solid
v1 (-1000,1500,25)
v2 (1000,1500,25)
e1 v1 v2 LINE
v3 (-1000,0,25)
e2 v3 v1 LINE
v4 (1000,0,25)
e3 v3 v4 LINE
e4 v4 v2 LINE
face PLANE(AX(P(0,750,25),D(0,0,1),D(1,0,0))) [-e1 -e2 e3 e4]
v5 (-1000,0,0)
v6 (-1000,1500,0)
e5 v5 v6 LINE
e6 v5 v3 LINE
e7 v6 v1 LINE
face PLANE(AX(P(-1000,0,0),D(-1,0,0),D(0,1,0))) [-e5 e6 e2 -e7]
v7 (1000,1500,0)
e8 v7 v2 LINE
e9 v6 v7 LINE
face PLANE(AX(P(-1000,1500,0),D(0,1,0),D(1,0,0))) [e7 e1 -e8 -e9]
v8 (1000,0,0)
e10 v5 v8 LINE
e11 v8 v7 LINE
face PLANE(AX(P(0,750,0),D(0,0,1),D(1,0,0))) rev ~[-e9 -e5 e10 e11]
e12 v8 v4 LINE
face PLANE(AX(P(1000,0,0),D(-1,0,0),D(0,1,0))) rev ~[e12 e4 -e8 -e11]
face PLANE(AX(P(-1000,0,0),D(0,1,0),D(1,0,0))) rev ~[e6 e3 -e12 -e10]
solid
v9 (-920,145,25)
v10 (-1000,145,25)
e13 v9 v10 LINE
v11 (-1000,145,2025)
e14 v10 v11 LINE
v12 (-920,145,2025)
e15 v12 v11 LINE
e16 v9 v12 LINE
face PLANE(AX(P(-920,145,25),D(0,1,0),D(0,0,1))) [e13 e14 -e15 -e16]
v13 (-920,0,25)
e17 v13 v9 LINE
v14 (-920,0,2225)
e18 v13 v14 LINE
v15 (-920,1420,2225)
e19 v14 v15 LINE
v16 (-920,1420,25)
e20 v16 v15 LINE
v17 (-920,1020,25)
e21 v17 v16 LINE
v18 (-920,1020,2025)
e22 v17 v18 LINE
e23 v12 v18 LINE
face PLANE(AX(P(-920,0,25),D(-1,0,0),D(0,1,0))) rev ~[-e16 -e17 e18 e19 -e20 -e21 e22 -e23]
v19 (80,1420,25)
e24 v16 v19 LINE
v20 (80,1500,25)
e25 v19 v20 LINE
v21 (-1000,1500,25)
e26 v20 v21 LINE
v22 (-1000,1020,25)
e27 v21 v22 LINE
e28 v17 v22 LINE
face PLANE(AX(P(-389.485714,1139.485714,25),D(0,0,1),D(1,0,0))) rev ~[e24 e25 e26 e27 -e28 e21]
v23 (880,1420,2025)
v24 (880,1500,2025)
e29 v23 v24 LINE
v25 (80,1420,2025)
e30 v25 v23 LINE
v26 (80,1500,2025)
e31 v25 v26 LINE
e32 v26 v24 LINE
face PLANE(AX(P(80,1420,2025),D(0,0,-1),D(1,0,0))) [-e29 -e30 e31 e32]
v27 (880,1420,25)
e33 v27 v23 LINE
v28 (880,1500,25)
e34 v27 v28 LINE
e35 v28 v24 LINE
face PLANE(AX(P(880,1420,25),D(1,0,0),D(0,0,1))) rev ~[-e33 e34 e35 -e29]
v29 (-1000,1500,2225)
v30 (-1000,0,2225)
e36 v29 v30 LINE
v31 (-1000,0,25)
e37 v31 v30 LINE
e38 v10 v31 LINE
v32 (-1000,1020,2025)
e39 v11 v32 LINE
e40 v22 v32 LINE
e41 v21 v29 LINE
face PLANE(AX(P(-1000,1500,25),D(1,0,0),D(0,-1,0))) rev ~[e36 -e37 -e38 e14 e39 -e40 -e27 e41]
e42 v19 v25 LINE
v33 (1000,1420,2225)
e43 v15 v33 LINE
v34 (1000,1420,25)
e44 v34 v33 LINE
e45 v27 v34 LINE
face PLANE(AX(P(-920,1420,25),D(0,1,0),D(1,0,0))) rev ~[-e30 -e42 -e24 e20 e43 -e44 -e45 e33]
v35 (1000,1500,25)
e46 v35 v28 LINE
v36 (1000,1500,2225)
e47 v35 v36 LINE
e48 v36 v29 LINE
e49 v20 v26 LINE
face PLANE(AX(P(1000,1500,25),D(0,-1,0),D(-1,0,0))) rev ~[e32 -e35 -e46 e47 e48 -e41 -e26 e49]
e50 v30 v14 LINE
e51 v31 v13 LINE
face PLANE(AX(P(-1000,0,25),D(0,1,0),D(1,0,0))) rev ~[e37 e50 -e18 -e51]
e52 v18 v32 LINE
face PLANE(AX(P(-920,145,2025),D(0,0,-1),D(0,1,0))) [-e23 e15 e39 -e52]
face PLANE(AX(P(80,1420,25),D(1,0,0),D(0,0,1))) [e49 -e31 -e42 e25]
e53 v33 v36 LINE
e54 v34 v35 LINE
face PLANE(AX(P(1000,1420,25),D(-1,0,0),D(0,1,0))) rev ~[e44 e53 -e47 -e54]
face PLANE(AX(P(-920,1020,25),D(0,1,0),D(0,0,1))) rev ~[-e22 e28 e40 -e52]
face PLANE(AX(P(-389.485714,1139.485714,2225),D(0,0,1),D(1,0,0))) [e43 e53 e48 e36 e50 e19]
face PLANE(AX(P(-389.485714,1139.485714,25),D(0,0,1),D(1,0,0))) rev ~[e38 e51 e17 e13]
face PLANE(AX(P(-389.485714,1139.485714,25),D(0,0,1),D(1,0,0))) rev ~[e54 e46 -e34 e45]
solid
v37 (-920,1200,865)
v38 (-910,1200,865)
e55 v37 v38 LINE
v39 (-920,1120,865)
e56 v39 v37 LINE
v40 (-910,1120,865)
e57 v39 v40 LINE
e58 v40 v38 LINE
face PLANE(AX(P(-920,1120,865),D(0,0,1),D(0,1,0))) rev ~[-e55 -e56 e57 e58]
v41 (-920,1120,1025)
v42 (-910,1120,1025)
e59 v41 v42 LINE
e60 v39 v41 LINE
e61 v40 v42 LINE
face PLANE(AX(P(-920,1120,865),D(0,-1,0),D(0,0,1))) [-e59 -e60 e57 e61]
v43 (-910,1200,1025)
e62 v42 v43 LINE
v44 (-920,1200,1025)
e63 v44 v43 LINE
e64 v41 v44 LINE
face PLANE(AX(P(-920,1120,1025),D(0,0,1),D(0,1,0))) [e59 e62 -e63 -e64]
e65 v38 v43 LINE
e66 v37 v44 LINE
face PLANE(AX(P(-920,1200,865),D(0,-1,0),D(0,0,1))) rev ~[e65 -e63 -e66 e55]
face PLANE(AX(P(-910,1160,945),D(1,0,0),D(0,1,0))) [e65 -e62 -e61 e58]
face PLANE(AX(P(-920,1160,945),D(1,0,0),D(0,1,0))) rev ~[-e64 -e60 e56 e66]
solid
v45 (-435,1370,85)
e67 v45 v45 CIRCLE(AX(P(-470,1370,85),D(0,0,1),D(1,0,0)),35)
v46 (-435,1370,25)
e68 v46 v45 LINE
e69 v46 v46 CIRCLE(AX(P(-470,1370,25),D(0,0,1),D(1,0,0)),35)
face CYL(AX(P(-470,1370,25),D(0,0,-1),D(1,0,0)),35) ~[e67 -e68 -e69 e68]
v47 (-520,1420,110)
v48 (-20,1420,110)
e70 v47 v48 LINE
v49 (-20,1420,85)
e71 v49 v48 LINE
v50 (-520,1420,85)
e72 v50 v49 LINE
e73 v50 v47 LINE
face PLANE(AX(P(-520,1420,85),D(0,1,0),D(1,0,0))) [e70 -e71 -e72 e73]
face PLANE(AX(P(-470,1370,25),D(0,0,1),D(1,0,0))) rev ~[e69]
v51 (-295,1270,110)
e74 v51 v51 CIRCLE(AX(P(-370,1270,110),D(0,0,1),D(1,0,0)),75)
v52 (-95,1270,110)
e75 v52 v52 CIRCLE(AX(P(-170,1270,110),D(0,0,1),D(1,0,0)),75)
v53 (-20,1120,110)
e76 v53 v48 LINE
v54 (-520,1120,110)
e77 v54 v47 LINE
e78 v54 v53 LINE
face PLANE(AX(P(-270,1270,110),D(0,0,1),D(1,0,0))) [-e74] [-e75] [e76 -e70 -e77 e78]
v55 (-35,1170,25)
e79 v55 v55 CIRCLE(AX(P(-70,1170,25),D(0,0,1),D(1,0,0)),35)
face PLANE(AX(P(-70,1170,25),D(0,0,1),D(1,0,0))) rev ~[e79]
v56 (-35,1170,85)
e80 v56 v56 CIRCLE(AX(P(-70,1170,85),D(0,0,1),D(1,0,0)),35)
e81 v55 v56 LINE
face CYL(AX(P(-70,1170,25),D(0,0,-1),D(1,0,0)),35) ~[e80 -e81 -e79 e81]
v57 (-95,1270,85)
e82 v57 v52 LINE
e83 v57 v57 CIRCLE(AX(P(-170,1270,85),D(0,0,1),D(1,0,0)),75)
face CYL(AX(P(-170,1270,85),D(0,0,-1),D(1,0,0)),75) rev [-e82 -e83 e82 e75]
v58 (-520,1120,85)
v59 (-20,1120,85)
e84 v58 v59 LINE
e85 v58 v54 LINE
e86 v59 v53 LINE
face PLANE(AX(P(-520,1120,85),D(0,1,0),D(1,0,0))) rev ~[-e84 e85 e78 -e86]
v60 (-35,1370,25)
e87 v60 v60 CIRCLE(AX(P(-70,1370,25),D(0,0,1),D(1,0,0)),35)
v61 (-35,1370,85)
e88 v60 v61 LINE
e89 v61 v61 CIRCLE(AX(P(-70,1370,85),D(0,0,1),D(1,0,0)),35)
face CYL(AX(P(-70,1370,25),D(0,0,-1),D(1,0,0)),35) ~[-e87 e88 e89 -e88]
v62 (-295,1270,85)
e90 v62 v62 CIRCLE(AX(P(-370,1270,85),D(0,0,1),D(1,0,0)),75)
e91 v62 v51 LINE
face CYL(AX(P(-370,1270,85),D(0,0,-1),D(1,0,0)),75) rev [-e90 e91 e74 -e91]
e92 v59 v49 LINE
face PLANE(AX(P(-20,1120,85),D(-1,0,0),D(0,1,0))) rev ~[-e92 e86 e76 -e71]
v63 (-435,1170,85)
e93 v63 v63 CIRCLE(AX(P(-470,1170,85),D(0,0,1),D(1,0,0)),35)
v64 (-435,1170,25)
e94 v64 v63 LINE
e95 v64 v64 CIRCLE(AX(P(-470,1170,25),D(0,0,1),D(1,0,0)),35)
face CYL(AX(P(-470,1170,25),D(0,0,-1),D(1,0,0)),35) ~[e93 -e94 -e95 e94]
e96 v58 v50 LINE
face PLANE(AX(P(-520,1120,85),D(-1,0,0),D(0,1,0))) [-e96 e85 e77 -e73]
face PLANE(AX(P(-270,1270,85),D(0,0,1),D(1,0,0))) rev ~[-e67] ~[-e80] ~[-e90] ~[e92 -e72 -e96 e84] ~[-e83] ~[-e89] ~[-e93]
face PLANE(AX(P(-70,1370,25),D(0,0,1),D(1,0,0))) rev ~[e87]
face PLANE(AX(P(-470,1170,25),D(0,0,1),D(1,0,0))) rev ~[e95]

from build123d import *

# Parameters (mm, degrees)
F0_W      = 2000
F0_H      = 1500
F1_DEPTH  = 25
F3_DEPTH  = 2200
F4_W      = 875
F4_H      = 2000
F5_DEPTH  = 80.001
F6_W      = 800
F6_H      = 2000
F7_DEPTH  = 80.001
F8_R      = 35
F9_DEPTH  = 60
F10_W     = 500
F10_H     = 300
F10_R     = 75
F11_DEPTH = 25
F12_W     = 80
F12_H     = 160
F13_DEPTH = 10


with BuildPart() as f1:
    # F0 (on Top) → F1 (new body)
    with BuildSketch(Plane.XY):
        with Locations((0, 750)):
            Rectangle(F0_W, F0_H)
    extrude(amount=F1_DEPTH)


with BuildPart() as f3:
    # F2 (on face) → F3 (new body)
    with BuildSketch(Plane.XY.offset(25)):
        Polygon((-1000, 1500), (-1000, 0), (-920, 0), (-920, 1420), (1000, 1420), (1000, 1500), align=None)
    extrude(amount=F3_DEPTH)

    # F4 (on face) → F5 (cut, through all)
    with BuildSketch(Plane.YZ.offset(-920)):
        with Locations((582.5, 1025)):
            Rectangle(F4_W, F4_H)
    extrude(amount=-F5_DEPTH, mode=Mode.SUBTRACT)

    # F6 (on face) → F7 (cut, through all)
    with BuildSketch(Plane.XZ.offset(-1420)):
        with Locations((480, 1025)):
            Rectangle(F6_W, F6_H)
    extrude(amount=-F7_DEPTH, mode=Mode.SUBTRACT)


with BuildPart() as f9:
    # F8 (on face) → F9 (new body)
    with BuildSketch(Plane.XY.offset(25)):
        with Locations((-470, 1370)):
            Circle(F8_R)
    extrude(amount=F9_DEPTH)



with BuildPart() as f9b:
    # F8 (on face) → F9, piece 2 (new body)
    with BuildSketch(Plane.XY.offset(25)):
        with Locations((-470, 1170)):
            Circle(F8_R)
    extrude(amount=F9_DEPTH)


with BuildPart() as f9c:
    # F8 (on face) → F9, piece 3 (new body)
    with BuildSketch(Plane.XY.offset(25)):
        with Locations((-70, 1370)):
            Circle(F8_R)
    extrude(amount=F9_DEPTH)


with BuildPart() as f9d:
    # F8 (on face) → F9, piece 4 (new body)
    with BuildSketch(Plane.XY.offset(25)):
        with Locations((-70, 1170)):
            Circle(F8_R)
    extrude(amount=F9_DEPTH)


with BuildPart() as f9_1:
    add(f9.part)

    add(f9b.part)  # F11 merges F9b

    add(f9c.part)  # F11 merges F9c

    add(f9d.part)  # F11 merges F9d
    # F10 (on face) → F11 (join)
    with BuildSketch(Plane.XY.offset(85)):
        with Locations((-270, 1270)):
            Rectangle(F10_W, F10_H)
        with Locations((-370, 1270)):
            Circle(F10_R, mode=Mode.SUBTRACT)
        with Locations((-170, 1270)):
            Circle(F10_R, mode=Mode.SUBTRACT)
    extrude(amount=F11_DEPTH)


with BuildPart() as f13:
    # F12 (on face) → F13 (new body)
    with BuildSketch(Plane.YZ.offset(-920)):
        with Locations((1160, 945)):
            Rectangle(F12_W, F12_H)
    extrude(amount=F13_DEPTH)


solid = Compound([f1.part, f3.part, f9_1.part, f13.part])
